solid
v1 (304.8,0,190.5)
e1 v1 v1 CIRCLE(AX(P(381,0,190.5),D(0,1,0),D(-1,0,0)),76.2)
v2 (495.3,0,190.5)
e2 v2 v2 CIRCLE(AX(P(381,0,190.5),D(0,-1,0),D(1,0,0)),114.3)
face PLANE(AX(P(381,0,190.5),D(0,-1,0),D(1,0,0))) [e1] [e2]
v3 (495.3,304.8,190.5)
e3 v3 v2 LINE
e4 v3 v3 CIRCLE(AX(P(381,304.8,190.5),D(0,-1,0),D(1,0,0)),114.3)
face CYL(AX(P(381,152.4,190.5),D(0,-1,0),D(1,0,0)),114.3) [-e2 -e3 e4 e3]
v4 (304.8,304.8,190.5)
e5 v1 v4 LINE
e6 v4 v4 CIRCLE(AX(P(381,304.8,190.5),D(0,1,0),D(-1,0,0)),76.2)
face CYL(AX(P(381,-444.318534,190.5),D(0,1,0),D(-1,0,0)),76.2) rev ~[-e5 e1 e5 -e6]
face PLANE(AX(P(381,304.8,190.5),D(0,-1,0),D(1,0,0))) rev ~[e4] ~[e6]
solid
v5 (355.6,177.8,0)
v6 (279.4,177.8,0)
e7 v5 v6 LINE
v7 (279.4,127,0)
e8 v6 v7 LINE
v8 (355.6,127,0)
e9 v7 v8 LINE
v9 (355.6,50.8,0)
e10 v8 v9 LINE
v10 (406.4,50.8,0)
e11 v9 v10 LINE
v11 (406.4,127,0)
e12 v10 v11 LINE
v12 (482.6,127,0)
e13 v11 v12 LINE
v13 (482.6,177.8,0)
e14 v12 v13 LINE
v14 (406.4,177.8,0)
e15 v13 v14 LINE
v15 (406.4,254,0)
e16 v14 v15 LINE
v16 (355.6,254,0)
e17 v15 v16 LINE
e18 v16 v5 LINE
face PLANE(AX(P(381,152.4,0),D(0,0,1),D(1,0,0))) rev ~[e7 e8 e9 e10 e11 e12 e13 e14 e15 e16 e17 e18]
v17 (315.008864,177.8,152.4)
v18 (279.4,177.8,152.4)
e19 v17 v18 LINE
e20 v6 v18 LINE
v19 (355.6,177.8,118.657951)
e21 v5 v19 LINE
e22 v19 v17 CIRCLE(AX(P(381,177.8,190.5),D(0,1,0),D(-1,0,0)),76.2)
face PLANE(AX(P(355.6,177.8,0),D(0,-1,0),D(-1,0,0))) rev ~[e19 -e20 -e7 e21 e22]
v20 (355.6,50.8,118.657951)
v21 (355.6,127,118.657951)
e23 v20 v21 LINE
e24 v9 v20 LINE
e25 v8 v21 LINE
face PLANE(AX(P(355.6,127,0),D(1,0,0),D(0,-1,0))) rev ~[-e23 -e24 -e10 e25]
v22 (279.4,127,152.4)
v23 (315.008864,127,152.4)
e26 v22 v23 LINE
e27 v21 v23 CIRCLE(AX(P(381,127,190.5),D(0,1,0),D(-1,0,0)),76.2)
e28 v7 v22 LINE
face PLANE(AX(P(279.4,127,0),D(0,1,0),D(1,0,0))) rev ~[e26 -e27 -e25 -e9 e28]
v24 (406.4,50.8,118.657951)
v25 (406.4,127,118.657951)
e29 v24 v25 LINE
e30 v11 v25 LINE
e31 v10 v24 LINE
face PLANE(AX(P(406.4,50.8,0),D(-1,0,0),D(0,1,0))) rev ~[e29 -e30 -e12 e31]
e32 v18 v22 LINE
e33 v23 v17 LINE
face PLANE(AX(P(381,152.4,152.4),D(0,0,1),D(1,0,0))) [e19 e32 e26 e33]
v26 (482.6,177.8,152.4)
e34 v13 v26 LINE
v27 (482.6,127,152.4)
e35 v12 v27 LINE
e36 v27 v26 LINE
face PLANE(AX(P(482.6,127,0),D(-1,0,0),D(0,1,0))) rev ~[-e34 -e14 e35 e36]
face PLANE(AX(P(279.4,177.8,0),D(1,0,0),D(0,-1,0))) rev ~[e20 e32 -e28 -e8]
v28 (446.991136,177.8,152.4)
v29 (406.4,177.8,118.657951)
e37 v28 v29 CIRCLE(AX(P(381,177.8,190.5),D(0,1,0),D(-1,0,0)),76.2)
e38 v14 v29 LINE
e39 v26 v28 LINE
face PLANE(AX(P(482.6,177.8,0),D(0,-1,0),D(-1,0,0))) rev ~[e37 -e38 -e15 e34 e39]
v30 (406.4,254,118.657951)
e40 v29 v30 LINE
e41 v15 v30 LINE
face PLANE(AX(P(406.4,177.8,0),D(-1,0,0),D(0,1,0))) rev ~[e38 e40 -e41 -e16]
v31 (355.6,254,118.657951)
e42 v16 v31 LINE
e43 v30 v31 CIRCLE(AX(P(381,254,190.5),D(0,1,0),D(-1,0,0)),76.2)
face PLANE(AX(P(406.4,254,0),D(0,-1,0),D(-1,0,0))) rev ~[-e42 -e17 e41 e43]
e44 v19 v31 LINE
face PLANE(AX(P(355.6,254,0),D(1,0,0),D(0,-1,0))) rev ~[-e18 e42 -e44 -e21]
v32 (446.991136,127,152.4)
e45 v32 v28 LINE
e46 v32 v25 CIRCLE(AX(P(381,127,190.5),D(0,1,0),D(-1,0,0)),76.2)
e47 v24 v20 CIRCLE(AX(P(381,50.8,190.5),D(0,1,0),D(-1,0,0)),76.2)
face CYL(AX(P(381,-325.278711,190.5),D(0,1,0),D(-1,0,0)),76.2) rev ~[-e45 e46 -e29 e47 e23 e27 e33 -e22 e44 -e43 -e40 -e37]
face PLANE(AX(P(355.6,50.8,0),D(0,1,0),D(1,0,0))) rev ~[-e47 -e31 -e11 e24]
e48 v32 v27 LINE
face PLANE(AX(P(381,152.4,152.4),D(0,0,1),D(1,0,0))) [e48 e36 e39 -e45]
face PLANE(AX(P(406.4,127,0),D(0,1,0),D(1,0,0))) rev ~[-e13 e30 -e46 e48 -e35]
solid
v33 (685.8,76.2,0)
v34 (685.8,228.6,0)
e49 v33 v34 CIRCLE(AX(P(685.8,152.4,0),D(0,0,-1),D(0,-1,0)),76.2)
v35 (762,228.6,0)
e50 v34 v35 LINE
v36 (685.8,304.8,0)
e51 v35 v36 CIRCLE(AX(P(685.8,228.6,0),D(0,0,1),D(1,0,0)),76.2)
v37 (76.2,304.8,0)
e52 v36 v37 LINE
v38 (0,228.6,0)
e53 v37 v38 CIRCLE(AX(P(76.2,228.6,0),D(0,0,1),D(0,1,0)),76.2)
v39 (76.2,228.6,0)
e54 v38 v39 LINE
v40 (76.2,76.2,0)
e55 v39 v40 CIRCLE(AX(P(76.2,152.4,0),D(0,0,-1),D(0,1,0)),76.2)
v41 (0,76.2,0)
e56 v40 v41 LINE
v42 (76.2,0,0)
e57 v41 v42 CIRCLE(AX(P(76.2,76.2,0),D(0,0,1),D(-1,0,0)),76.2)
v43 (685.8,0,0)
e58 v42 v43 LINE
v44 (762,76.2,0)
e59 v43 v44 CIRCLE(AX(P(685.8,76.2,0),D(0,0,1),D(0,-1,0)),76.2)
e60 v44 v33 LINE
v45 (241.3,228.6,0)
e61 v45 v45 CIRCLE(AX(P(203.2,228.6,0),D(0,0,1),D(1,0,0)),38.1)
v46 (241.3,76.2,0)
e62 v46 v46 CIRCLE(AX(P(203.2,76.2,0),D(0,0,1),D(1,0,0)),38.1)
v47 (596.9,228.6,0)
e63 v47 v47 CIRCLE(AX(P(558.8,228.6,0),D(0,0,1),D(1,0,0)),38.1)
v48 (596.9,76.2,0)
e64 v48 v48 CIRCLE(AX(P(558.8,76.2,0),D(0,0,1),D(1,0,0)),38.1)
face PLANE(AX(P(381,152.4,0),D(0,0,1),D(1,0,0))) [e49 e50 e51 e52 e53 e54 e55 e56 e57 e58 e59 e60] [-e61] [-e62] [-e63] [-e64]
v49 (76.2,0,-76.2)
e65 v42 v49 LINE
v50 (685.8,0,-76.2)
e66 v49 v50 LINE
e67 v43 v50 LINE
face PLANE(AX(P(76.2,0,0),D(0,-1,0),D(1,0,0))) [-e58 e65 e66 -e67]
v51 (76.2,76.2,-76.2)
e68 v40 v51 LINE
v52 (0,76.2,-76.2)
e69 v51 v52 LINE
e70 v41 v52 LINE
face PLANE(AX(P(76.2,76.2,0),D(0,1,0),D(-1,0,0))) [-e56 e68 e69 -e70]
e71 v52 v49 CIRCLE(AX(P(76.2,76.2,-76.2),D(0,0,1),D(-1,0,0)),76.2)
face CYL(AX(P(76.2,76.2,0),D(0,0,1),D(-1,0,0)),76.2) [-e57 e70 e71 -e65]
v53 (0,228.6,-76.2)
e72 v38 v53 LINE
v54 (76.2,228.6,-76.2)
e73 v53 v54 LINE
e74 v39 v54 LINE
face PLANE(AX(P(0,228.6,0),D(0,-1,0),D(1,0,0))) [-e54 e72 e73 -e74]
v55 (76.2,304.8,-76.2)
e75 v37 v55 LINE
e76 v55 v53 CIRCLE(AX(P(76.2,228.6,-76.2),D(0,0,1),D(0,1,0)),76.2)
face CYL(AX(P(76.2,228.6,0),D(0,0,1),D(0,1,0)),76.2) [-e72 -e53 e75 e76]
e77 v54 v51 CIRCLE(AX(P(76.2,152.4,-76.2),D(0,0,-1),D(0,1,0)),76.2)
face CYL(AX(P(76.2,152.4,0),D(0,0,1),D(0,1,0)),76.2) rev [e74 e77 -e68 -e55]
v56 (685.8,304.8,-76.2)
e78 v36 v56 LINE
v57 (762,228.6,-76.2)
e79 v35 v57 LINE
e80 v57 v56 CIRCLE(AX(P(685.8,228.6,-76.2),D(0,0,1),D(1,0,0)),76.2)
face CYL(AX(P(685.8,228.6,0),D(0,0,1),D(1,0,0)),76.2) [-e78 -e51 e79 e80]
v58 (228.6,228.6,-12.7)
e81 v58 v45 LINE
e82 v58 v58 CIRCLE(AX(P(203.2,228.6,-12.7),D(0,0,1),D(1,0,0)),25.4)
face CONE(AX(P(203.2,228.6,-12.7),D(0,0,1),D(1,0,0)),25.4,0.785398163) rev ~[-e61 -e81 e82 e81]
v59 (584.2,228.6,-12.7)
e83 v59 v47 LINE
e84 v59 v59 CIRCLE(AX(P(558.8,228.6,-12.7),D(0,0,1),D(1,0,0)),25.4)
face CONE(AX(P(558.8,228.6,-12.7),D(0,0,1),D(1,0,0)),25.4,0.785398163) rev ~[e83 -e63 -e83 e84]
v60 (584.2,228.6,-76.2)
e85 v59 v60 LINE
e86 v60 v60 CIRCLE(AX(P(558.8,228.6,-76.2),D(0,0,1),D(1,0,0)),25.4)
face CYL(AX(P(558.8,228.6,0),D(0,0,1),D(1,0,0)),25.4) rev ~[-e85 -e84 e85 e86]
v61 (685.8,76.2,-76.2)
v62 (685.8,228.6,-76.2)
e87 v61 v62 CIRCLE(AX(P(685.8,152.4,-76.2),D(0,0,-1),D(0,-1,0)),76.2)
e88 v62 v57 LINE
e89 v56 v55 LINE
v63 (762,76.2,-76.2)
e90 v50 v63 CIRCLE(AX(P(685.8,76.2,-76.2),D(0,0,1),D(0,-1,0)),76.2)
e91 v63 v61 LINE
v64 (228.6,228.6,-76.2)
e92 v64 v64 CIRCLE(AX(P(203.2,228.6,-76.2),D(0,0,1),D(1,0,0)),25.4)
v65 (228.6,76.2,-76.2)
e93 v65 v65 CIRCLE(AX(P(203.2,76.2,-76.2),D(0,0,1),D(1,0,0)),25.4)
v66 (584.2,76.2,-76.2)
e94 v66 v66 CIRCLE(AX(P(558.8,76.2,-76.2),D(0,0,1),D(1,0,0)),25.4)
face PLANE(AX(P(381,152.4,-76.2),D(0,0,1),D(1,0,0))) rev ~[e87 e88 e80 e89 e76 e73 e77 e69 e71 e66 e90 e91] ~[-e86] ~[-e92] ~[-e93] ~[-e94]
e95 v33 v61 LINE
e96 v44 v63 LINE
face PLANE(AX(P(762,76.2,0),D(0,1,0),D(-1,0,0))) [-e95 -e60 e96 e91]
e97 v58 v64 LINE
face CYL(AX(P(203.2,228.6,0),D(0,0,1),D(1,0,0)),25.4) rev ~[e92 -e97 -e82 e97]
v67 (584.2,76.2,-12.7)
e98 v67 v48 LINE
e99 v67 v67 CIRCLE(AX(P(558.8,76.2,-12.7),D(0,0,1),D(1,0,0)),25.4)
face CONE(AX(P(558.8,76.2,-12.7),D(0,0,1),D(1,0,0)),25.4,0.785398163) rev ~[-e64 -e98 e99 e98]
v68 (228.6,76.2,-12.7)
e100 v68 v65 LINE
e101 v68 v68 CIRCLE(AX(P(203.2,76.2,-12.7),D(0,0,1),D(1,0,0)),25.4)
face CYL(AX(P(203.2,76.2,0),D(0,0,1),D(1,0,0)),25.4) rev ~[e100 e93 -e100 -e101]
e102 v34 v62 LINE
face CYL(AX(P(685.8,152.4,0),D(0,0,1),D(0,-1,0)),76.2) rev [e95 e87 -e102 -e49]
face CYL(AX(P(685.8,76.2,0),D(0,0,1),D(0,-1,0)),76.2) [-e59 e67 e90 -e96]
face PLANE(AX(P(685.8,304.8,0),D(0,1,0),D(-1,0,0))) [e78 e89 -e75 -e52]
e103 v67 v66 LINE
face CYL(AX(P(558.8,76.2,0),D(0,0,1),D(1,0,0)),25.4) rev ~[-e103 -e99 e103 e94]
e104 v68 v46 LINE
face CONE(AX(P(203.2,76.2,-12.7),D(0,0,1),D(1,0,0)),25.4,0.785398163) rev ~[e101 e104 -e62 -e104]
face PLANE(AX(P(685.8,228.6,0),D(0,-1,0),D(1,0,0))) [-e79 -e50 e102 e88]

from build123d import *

# Parameters (mm, degrees)
F0_R     = 38.1
F0_R_2   = 25.4
F1_DEPTH = 76.2
F2_SIZE  = 12.7
F5_DEPTH = 152.4
F8_DEPTH = 152.4
F9_D     = 152.4
F9_2_D   = 152.4


with BuildPart() as f1:
    # F0 (on Top) → F1 (new body)
    with BuildSketch(Plane.XY):
        with BuildLine():
            ThreePointArc((0, 76.2), (22.3184632736, 22.3184632736), (76.2, 0))
            Line((76.2, 0), (685.8, 0))
            ThreePointArc((685.8, 0), (739.6815367264, 22.3184632736), (762, 76.2))
            Line((762, 76.2), (685.8, 76.2))
            ThreePointArc((685.8, 76.2), (609.6, 152.4), (685.8, 228.6))
            Line((685.8, 228.6), (762, 228.6))
            ThreePointArc((762, 228.6), (739.6815367264, 282.4815367264), (685.8, 304.8))
            Line((685.8, 304.8), (76.2, 304.8))
            ThreePointArc((76.2, 304.8), (22.3184632736, 282.4815367264), (0, 228.6))
            Line((0, 228.6), (76.2, 228.6))
            ThreePointArc((76.2, 228.6), (152.4, 152.4), (76.2, 76.2))
            Line((76.2, 76.2), (0, 76.2))
        make_face()
        with Locations((203.2, 76.2)):
            Circle(F0_R, mode=Mode.SUBTRACT)
        with Locations((558.8, 76.2)):
            Circle(F0_R, mode=Mode.SUBTRACT)
        with Locations((203.2, 228.6)):
            Circle(F0_R, mode=Mode.SUBTRACT)
        Polygon((279.4, 127), (279.4, 177.8), (355.6, 177.8), (355.6, 254), (406.4, 254), (406.4, 177.8), (482.6, 177.8), (482.6, 127), (406.4, 127), (406.4, 50.8), (355.6, 50.8), (355.6, 127), align=None, mode=Mode.SUBTRACT)
        with Locations((558.8, 228.6)):
            Circle(F0_R, mode=Mode.SUBTRACT)
        Polygon((355.6, 177.8), (279.4, 177.8), (279.4, 127), (355.6, 127), (355.6, 50.8), (406.4, 50.8), (406.4, 127), (482.6, 127), (482.6, 177.8), (406.4, 177.8), (406.4, 254), (355.6, 254), align=None)
        with Locations((203.2, 228.6)):
            Circle(F0_R)
        with Locations((203.2, 228.6)):
            Circle(F0_R_2, mode=Mode.SUBTRACT)
        with Locations((203.2, 76.2)):
            Circle(F0_R)
        with Locations((203.2, 76.2)):
            Circle(F0_R_2, mode=Mode.SUBTRACT)
        with Locations((558.8, 76.2)):
            Circle(F0_R)
        with Locations((558.8, 76.2)):
            Circle(F0_R_2, mode=Mode.SUBTRACT)
        with Locations((558.8, 228.6)):
            Circle(F0_R)
        with Locations((558.8, 228.6)):
            Circle(F0_R_2, mode=Mode.SUBTRACT)
    extrude(amount=-F1_DEPTH)

    # F2
    f2_edges = [f1.edges().sort_by_distance(p)[0] for p in [
        (177.8, 228.6, 0),
        (177.8, 76.2, 0),
        (533.4, 76.2, 0),
        (533.4, 228.6, 0),
    ]]
    chamfer(f2_edges, length=F2_SIZE)


with BuildPart() as f5:
    # F4 (on offset) → F5 (new body, symmetric)
    with BuildSketch(Plane.XZ.offset(-152.4)):
        with BuildLine():
            ThreePointArc((381, 76.2), (461.8223050896, 109.6776949104), (495.3, 190.5))
            ThreePointArc((495.3, 190.5), (300.1776949104, 271.3223050896), (381, 76.2))
        make_face()
    extrude(amount=F5_DEPTH, both=True)

    # F9 (through all)
    with Locations(Plane.XZ):
        with Locations((381, 190.5)):
            Hole(F9_D / 2)


with BuildPart() as f8:
    # F0 (on Top) → F8 (new body, through all)
    with BuildSketch(Plane.XY):
        Polygon((355.6, 177.8), (279.4, 177.8), (279.4, 127), (355.6, 127), (355.6, 50.8), (406.4, 50.8), (406.4, 127), (482.6, 127), (482.6, 177.8), (406.4, 177.8), (406.4, 254), (355.6, 254), align=None)
    extrude(amount=F8_DEPTH)

    # F9#2 (through all)
    with Locations(Plane.XZ):
        with Locations((381, 190.5)):
            Hole(F9_2_D / 2)


solid = Compound([f1.part, f5.part, f8.part])
